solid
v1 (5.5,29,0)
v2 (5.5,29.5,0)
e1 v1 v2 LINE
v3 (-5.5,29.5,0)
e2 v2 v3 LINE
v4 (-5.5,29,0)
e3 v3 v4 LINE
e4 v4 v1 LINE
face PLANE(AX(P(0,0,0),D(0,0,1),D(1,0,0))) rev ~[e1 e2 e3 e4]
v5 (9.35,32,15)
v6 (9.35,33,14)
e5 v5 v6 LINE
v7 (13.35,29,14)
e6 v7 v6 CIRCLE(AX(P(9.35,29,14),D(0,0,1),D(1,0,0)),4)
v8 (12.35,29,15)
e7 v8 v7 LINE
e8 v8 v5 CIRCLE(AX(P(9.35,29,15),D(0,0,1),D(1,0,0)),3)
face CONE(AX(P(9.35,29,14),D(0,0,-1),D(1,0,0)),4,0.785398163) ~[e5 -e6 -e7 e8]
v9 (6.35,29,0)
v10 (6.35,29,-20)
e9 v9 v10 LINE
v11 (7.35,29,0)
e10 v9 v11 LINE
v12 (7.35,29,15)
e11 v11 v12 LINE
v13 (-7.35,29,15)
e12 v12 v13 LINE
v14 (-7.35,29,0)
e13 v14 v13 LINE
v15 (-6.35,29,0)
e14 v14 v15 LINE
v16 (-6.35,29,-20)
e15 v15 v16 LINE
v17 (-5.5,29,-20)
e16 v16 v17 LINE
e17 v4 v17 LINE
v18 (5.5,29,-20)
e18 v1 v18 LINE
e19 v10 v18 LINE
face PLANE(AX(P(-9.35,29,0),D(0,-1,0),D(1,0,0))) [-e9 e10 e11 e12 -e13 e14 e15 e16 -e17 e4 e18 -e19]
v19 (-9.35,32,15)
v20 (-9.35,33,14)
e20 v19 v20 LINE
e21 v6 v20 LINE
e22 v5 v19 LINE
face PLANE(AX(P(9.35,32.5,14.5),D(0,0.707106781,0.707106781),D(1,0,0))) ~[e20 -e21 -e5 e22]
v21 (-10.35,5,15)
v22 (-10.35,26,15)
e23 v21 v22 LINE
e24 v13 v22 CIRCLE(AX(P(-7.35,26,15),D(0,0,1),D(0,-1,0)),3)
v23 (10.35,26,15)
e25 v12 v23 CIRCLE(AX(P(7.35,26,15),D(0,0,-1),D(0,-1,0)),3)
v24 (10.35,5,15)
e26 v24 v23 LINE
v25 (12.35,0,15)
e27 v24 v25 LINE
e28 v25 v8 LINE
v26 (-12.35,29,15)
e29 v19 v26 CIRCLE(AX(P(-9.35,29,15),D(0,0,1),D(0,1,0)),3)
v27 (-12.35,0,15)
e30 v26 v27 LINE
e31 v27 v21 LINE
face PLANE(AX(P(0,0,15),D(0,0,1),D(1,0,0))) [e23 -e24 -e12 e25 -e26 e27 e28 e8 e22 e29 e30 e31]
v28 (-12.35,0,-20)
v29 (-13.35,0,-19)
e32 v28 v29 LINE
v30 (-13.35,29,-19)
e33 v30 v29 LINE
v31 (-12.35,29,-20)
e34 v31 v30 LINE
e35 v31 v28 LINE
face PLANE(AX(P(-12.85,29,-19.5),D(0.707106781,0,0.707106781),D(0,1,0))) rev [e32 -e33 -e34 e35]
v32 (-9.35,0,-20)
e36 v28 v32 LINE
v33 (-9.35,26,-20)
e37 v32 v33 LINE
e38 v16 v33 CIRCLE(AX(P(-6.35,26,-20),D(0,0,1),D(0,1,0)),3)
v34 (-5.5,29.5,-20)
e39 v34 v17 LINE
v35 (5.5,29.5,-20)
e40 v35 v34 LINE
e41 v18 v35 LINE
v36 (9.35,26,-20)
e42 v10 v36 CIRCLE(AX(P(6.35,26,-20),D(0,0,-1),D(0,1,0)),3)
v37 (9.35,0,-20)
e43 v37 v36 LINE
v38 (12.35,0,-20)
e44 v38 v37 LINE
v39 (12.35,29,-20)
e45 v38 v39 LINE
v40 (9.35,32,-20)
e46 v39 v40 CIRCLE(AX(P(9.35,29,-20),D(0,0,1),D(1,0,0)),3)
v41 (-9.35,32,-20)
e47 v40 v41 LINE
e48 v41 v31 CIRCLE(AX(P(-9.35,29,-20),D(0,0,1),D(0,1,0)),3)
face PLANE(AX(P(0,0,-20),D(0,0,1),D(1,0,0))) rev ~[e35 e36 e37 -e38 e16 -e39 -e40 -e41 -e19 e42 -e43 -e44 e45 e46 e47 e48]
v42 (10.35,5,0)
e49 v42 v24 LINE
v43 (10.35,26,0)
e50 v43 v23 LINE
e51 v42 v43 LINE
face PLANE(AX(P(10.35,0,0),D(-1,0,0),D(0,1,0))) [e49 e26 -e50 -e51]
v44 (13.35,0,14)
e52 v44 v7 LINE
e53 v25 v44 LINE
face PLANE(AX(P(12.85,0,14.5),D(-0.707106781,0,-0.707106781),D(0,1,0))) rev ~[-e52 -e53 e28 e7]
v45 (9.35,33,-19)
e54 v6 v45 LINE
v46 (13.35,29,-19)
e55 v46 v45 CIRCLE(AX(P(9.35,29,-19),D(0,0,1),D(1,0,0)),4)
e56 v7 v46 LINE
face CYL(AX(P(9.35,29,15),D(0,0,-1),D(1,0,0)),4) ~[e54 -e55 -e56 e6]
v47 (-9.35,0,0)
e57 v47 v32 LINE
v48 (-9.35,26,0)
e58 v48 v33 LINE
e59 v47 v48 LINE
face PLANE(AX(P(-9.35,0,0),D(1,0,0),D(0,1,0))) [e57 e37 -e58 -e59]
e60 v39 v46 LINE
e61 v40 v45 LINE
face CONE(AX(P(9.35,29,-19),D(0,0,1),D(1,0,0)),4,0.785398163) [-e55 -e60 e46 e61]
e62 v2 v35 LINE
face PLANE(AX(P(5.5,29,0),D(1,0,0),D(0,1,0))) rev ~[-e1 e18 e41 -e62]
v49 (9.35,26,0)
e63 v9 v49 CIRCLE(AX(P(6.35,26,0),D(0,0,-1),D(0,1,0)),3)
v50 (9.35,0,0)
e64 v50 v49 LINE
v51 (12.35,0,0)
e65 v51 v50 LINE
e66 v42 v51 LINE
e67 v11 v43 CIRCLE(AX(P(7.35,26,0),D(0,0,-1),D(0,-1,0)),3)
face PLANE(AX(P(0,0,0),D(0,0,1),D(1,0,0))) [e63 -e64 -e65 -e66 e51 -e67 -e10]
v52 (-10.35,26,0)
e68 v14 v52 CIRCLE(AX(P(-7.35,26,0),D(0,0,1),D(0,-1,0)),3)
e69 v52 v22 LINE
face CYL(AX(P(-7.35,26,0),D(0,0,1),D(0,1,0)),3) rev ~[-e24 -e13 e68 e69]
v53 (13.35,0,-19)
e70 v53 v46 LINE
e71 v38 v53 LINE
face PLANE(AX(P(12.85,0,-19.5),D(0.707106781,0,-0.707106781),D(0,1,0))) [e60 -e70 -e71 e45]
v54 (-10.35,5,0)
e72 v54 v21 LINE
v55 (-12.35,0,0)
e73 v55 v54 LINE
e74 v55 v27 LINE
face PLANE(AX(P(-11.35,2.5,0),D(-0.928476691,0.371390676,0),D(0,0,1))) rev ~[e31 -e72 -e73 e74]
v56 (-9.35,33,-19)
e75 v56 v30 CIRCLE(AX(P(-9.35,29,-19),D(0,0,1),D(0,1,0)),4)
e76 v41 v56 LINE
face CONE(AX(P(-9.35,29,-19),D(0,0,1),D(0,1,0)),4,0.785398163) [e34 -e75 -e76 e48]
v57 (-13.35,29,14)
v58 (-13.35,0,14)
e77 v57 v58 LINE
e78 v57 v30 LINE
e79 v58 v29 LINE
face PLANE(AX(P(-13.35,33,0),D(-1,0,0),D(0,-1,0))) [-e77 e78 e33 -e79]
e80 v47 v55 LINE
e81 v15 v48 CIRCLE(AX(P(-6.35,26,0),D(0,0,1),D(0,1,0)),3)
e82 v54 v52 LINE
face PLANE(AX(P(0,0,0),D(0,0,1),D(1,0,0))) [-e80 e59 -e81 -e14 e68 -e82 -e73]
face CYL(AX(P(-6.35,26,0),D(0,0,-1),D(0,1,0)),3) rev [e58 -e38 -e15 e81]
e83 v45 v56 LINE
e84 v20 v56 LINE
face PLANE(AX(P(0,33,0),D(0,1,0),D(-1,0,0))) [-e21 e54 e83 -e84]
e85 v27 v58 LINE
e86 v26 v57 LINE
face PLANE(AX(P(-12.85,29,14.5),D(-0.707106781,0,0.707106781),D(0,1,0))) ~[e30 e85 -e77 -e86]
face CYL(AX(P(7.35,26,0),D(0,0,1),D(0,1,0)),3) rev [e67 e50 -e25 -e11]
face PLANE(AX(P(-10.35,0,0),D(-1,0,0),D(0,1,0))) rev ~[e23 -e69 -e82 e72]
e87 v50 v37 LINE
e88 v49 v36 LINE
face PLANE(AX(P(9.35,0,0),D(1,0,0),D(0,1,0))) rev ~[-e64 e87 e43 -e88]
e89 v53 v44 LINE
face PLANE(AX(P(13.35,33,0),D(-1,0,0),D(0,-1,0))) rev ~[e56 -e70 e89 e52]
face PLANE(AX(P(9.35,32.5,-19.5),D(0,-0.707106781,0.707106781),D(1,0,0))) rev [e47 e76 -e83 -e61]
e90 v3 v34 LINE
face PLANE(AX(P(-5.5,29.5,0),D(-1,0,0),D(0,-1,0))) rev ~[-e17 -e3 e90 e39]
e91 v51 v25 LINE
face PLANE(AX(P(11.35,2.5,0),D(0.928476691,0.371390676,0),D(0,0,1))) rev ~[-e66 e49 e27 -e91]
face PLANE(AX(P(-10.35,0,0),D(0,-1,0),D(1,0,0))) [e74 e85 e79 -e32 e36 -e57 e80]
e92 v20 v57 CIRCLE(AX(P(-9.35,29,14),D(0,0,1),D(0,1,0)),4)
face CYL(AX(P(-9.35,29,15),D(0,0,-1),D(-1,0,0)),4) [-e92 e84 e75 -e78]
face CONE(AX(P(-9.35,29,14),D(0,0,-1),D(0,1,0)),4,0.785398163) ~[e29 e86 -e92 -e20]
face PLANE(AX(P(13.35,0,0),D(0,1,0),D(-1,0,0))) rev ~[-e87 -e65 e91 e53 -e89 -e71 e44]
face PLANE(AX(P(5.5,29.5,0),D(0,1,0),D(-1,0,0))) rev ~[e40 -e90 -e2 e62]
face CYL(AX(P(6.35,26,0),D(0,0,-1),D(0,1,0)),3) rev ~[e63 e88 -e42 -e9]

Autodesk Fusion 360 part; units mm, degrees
sketch "Sketch1" plane through (0, 0, 0) normal (0, 0, 1) x (1, 0, 0)
  line L0 (-9.35, 0) -> (-9.35, 29)
  line L1 (-10.35, 29) -> (0, 29)
  line L2 (0, 33) -> (-13.35, 33)
  line L3 (-13.35, 33) -> (-13.35, 0)
  line L4 (-13.35, 0) -> (-9.35, 0)
  line L5 (-10.35, 0) -> (-10.35, 29)
  line L6 (0, 2.5) -> (0, 20)
  line L7 (13.35, 0) -> (9.35, 0)
  line L8 (0, 33) -> (13.35, 33)
  line L9 (13.35, 33) -> (13.35, 0)
  line L10 (10.35, 0) -> (10.35, 29)
  line L11 (10.35, 29) -> (0, 29)
  line L12 (9.35, 0) -> (9.35, 29)
  line L13 (5.5, 29.5) -> (-5.5, 29.5)
  line L14 (-5.5, 29.5) -> (-5.5, 28.5)
  line L15 (-5.5, 28.5) -> (5.5, 28.5)
  line L16 (5.5, 28.5) -> (5.5, 29.5)
  line L17 (5.5, 29.5) -> (-5.5, 28.5) construction
  line L18 (-5.5, 29.5) -> (5.5, 28.5) construction
  point P0 (0, 29)
  dimension "d1" = 9.35
  dimension "d3" = 4
  dimension "d4" = 4
  dimension "d5" = 29
  dimension "d18" = 1
  dimension "d19" = 11
  dimension "d20" = 1
extrude "Extrude1" add sketch "Sketch1" against normal blind 20 contours L0 L1 L4 L5 | L1 L2 L3 L4 L5 L7 L8 L9 L10 L11 L13 L14 L16 | L7 L10 L11 L12
extrude "Extrude2" add sketch "Sketch1" along normal blind 15 contours L1 L2 L3 L4 L5 L7 L8 L9 L10 L11 L13 L14 L16 | L1 L11 L13 L14 L16
chamfer "Chamfer1" distance 2 distance2 5 1 edges at (-10.35, 0, 7.5) measured on face at (-11.0167, 0, -13.3333)
chamfer "Chamfer1" distance 5 distance2 2 1 edges at (10.35, 0, 7.5) measured on face at (10.35, 9.6667, 5)
fillet "Fillet1" radius 4 2 edges at (-13.35, 33, -2.5) (13.35, 33, -2.5)
fillet "Fillet2" radius 3 4 edges at (-9.35, 29, -10) (-10.35, 29, 7.5) (9.35, 29, -10) (10.35, 29, 7.5)
chamfer "Chamfer3" distance 1 angle 45 10 edges at (-13.35, 14.5, -20) (-12.1784, 31.8284, -20) (0, 33, -20) (12.1784, 31.8284, -20) (13.35, 14.5, -20) (-13.35, 14.5, 15) (13.35, 14.5, 15) (12.1784, 31.8284, 15) (0, 33, 15) (-12.1784, 31.8284, 15)
equation "d1 = ( 18.7 / 2 ) * 1 mm"
equation "w = 4 mm"
